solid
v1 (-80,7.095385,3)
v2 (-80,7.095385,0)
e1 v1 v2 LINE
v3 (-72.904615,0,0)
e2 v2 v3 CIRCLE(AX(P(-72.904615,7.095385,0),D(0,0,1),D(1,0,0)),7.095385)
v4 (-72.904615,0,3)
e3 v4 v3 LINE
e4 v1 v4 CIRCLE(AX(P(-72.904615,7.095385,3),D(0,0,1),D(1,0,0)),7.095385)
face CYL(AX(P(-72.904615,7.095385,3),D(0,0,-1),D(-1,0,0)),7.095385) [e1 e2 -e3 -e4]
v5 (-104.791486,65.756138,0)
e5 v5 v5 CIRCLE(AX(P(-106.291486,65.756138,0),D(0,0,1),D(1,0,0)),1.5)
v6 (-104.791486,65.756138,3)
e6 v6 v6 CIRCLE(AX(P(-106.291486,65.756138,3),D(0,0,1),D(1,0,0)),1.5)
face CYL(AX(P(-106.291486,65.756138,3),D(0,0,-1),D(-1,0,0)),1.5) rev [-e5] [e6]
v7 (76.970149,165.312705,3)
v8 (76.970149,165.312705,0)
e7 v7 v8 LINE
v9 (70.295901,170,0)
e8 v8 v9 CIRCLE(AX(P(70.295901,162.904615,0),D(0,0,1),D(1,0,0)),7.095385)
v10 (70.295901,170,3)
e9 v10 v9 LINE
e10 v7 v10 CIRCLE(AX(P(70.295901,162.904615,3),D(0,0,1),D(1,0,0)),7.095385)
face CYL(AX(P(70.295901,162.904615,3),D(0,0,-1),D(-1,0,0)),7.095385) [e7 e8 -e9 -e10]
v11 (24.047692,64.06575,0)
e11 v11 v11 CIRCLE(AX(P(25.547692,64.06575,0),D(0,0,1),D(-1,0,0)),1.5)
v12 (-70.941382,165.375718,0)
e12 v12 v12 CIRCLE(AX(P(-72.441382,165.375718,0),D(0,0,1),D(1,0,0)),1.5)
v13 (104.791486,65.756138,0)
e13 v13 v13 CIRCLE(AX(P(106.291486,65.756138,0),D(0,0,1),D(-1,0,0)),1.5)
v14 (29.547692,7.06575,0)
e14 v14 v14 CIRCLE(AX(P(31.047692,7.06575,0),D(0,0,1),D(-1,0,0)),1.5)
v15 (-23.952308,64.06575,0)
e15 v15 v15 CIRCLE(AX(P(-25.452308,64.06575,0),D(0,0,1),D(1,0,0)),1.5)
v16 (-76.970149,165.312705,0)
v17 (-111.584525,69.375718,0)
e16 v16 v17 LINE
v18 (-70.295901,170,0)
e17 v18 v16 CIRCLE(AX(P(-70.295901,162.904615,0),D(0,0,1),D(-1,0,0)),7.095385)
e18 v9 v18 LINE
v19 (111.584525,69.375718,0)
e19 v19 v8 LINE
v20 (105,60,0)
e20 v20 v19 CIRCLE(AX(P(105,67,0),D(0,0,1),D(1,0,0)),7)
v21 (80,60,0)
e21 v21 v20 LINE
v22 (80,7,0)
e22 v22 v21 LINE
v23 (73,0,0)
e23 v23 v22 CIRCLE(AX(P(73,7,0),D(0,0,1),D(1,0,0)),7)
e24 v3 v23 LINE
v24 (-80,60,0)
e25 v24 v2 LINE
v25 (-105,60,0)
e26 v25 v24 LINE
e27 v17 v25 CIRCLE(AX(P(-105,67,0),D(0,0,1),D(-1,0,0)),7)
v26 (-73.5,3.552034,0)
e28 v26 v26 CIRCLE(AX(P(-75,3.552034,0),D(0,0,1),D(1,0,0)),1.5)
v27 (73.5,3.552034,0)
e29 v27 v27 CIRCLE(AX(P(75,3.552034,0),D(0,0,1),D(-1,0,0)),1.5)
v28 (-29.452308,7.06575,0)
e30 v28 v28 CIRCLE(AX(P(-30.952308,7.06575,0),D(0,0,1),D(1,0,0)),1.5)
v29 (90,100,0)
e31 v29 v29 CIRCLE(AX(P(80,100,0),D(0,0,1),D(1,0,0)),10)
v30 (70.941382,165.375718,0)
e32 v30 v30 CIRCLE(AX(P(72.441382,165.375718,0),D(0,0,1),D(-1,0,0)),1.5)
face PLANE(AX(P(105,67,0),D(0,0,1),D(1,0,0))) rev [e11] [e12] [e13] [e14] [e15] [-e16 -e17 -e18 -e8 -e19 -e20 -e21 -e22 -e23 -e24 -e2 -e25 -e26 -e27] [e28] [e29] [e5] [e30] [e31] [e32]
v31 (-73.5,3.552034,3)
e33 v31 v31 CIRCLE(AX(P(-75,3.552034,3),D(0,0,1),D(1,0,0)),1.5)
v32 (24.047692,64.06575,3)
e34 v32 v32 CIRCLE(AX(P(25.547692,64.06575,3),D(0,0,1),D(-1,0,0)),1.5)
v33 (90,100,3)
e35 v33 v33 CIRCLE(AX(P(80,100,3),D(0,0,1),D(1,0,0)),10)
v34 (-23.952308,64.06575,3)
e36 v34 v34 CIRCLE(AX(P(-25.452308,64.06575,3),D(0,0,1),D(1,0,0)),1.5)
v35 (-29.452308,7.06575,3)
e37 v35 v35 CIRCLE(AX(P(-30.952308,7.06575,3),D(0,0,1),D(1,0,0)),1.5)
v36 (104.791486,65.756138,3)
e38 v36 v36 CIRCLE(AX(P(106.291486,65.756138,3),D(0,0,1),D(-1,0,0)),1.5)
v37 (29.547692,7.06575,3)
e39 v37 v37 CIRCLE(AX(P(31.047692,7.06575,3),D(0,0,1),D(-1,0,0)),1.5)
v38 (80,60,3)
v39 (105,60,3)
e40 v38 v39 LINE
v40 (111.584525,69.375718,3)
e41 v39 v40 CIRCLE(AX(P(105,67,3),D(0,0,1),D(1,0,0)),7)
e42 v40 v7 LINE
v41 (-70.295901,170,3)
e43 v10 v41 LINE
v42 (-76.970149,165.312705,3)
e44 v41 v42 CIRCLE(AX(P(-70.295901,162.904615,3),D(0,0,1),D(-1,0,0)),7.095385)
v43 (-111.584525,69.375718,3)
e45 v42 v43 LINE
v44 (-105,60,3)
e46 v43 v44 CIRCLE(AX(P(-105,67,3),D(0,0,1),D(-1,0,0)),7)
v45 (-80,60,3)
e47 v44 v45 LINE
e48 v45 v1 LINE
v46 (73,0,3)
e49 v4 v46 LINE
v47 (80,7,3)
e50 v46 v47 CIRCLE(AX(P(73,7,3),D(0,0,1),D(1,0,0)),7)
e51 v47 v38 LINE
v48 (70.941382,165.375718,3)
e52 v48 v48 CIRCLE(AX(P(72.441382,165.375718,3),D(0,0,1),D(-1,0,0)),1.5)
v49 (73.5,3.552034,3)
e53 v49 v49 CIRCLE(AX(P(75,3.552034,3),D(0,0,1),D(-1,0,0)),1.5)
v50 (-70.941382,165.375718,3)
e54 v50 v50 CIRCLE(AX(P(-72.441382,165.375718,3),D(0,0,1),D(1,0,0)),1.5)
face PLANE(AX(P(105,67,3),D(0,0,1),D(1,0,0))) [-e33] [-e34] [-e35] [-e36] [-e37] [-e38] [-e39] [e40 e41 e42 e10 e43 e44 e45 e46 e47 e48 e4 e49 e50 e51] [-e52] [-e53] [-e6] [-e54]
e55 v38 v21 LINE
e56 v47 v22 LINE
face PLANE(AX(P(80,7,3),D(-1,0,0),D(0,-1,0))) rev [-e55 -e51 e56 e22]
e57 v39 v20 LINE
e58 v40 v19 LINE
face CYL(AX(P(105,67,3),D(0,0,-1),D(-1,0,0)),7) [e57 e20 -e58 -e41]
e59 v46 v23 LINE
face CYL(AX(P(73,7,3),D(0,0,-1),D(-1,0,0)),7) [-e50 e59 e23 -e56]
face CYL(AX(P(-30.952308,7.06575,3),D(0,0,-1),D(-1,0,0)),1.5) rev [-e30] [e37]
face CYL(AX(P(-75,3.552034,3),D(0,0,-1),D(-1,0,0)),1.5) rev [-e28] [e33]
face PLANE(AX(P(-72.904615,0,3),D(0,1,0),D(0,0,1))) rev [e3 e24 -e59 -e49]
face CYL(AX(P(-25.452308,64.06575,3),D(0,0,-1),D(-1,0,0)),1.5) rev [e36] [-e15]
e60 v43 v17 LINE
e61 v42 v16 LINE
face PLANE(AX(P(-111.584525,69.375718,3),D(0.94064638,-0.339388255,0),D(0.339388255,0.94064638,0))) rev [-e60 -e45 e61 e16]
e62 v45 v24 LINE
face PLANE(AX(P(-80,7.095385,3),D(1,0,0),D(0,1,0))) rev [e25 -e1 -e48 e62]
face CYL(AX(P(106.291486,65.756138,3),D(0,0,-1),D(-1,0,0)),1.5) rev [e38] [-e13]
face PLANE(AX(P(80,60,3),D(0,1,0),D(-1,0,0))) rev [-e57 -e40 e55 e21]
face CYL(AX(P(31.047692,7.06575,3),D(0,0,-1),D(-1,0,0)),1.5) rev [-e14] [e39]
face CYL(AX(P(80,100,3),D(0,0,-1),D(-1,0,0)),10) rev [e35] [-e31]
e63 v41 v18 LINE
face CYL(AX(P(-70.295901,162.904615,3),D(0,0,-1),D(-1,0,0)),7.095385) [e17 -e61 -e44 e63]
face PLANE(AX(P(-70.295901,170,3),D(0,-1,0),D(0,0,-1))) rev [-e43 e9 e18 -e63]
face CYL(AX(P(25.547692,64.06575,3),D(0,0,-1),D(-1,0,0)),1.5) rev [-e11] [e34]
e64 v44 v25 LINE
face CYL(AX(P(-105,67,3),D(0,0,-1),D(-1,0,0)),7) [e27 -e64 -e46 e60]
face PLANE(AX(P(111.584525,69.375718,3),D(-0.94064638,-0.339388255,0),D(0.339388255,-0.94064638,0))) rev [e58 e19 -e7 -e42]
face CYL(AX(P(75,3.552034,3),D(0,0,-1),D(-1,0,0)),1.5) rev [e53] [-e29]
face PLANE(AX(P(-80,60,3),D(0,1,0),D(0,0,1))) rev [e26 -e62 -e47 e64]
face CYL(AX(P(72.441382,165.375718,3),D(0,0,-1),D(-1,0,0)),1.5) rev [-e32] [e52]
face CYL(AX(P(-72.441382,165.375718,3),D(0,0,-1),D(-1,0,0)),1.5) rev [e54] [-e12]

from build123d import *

# Parameters (mm, degrees)
SKETCH_2_R      = 1.5
SKETCH_2_R_2    = 10
EXTRUDE_2_DEPTH = 3


with BuildPart() as part:
    # 草图2 → 凸台-拉伸2 (new body)
    with BuildSketch(Plane.XY):
        with BuildLine():
            Line((-72.904615241, 0), (73, 0))
            ThreePointArc((73, 0), (77.949747468, 2.050252532), (80, 7))
            Line((80, 7), (80, 60))
            Line((80, 60), (105, 60))
            ThreePointArc((105, 60), (110.7284389, 62.976942983), (111.584524662, 69.375717782))
            Line((111.584524662, 69.375717782), (76.970149392, 165.31270549))
            ThreePointArc((76.970149392, 165.31270549), (74.373778179, 168.711112108), (70.295901401, 170))
            Line((70.295901401, 170), (-70.295901401, 170))
            ThreePointArc((-70.295901401, 170), (-74.373778179, 168.711112108), (-76.970149392, 165.31270549))
            Line((-76.970149392, 165.31270549), (-111.584524662, 69.375717782))
            ThreePointArc((-111.584524662, 69.375717782), (-110.7284389, 62.976942983), (-105, 60))
            Line((-105, 60), (-80, 60))
            Line((-80, 60), (-80, 7.095384759))
            ThreePointArc((-80, 7.095384759), (-77.921809919, 2.078190081), (-72.904615241, 0))
        make_face()
        with Locations((-30.952307621, 7.065749953)):
            Circle(SKETCH_2_R, mode=Mode.SUBTRACT)
        with Locations(Location((31.047692379, 7.065749953, 0), (0, 0, 180))):
            Circle(SKETCH_2_R, mode=Mode.SUBTRACT)
        with Locations((-25.452307621, 64.065749953)):
            Circle(SKETCH_2_R, mode=Mode.SUBTRACT)
        with Locations(Location((25.547692379, 64.065749953, 0), (0, 0, 180))):
            Circle(SKETCH_2_R, mode=Mode.SUBTRACT)
        with Locations((-72.441382232, 165.375717782)):
            Circle(SKETCH_2_R, mode=Mode.SUBTRACT)
        with Locations((-106.29148568, 65.75613767)):
            Circle(SKETCH_2_R, mode=Mode.SUBTRACT)
        with Locations(Location((106.29148568, 65.75613767, 0), (0, 0, 180))):
            Circle(SKETCH_2_R, mode=Mode.SUBTRACT)
        with Locations(Location((72.441382232, 165.375717782, 0), (0, 0, 180))):
            Circle(SKETCH_2_R, mode=Mode.SUBTRACT)
        with Locations((-75, 3.552033702)):
            Circle(SKETCH_2_R, mode=Mode.SUBTRACT)
        with Locations(Location((75, 3.552033702, 0), (0, 0, 180))):
            Circle(SKETCH_2_R, mode=Mode.SUBTRACT)
        with Locations((80, 100)):
            Circle(SKETCH_2_R_2, mode=Mode.SUBTRACT)
    extrude(amount=EXTRUDE_2_DEPTH)


solid = part.part
